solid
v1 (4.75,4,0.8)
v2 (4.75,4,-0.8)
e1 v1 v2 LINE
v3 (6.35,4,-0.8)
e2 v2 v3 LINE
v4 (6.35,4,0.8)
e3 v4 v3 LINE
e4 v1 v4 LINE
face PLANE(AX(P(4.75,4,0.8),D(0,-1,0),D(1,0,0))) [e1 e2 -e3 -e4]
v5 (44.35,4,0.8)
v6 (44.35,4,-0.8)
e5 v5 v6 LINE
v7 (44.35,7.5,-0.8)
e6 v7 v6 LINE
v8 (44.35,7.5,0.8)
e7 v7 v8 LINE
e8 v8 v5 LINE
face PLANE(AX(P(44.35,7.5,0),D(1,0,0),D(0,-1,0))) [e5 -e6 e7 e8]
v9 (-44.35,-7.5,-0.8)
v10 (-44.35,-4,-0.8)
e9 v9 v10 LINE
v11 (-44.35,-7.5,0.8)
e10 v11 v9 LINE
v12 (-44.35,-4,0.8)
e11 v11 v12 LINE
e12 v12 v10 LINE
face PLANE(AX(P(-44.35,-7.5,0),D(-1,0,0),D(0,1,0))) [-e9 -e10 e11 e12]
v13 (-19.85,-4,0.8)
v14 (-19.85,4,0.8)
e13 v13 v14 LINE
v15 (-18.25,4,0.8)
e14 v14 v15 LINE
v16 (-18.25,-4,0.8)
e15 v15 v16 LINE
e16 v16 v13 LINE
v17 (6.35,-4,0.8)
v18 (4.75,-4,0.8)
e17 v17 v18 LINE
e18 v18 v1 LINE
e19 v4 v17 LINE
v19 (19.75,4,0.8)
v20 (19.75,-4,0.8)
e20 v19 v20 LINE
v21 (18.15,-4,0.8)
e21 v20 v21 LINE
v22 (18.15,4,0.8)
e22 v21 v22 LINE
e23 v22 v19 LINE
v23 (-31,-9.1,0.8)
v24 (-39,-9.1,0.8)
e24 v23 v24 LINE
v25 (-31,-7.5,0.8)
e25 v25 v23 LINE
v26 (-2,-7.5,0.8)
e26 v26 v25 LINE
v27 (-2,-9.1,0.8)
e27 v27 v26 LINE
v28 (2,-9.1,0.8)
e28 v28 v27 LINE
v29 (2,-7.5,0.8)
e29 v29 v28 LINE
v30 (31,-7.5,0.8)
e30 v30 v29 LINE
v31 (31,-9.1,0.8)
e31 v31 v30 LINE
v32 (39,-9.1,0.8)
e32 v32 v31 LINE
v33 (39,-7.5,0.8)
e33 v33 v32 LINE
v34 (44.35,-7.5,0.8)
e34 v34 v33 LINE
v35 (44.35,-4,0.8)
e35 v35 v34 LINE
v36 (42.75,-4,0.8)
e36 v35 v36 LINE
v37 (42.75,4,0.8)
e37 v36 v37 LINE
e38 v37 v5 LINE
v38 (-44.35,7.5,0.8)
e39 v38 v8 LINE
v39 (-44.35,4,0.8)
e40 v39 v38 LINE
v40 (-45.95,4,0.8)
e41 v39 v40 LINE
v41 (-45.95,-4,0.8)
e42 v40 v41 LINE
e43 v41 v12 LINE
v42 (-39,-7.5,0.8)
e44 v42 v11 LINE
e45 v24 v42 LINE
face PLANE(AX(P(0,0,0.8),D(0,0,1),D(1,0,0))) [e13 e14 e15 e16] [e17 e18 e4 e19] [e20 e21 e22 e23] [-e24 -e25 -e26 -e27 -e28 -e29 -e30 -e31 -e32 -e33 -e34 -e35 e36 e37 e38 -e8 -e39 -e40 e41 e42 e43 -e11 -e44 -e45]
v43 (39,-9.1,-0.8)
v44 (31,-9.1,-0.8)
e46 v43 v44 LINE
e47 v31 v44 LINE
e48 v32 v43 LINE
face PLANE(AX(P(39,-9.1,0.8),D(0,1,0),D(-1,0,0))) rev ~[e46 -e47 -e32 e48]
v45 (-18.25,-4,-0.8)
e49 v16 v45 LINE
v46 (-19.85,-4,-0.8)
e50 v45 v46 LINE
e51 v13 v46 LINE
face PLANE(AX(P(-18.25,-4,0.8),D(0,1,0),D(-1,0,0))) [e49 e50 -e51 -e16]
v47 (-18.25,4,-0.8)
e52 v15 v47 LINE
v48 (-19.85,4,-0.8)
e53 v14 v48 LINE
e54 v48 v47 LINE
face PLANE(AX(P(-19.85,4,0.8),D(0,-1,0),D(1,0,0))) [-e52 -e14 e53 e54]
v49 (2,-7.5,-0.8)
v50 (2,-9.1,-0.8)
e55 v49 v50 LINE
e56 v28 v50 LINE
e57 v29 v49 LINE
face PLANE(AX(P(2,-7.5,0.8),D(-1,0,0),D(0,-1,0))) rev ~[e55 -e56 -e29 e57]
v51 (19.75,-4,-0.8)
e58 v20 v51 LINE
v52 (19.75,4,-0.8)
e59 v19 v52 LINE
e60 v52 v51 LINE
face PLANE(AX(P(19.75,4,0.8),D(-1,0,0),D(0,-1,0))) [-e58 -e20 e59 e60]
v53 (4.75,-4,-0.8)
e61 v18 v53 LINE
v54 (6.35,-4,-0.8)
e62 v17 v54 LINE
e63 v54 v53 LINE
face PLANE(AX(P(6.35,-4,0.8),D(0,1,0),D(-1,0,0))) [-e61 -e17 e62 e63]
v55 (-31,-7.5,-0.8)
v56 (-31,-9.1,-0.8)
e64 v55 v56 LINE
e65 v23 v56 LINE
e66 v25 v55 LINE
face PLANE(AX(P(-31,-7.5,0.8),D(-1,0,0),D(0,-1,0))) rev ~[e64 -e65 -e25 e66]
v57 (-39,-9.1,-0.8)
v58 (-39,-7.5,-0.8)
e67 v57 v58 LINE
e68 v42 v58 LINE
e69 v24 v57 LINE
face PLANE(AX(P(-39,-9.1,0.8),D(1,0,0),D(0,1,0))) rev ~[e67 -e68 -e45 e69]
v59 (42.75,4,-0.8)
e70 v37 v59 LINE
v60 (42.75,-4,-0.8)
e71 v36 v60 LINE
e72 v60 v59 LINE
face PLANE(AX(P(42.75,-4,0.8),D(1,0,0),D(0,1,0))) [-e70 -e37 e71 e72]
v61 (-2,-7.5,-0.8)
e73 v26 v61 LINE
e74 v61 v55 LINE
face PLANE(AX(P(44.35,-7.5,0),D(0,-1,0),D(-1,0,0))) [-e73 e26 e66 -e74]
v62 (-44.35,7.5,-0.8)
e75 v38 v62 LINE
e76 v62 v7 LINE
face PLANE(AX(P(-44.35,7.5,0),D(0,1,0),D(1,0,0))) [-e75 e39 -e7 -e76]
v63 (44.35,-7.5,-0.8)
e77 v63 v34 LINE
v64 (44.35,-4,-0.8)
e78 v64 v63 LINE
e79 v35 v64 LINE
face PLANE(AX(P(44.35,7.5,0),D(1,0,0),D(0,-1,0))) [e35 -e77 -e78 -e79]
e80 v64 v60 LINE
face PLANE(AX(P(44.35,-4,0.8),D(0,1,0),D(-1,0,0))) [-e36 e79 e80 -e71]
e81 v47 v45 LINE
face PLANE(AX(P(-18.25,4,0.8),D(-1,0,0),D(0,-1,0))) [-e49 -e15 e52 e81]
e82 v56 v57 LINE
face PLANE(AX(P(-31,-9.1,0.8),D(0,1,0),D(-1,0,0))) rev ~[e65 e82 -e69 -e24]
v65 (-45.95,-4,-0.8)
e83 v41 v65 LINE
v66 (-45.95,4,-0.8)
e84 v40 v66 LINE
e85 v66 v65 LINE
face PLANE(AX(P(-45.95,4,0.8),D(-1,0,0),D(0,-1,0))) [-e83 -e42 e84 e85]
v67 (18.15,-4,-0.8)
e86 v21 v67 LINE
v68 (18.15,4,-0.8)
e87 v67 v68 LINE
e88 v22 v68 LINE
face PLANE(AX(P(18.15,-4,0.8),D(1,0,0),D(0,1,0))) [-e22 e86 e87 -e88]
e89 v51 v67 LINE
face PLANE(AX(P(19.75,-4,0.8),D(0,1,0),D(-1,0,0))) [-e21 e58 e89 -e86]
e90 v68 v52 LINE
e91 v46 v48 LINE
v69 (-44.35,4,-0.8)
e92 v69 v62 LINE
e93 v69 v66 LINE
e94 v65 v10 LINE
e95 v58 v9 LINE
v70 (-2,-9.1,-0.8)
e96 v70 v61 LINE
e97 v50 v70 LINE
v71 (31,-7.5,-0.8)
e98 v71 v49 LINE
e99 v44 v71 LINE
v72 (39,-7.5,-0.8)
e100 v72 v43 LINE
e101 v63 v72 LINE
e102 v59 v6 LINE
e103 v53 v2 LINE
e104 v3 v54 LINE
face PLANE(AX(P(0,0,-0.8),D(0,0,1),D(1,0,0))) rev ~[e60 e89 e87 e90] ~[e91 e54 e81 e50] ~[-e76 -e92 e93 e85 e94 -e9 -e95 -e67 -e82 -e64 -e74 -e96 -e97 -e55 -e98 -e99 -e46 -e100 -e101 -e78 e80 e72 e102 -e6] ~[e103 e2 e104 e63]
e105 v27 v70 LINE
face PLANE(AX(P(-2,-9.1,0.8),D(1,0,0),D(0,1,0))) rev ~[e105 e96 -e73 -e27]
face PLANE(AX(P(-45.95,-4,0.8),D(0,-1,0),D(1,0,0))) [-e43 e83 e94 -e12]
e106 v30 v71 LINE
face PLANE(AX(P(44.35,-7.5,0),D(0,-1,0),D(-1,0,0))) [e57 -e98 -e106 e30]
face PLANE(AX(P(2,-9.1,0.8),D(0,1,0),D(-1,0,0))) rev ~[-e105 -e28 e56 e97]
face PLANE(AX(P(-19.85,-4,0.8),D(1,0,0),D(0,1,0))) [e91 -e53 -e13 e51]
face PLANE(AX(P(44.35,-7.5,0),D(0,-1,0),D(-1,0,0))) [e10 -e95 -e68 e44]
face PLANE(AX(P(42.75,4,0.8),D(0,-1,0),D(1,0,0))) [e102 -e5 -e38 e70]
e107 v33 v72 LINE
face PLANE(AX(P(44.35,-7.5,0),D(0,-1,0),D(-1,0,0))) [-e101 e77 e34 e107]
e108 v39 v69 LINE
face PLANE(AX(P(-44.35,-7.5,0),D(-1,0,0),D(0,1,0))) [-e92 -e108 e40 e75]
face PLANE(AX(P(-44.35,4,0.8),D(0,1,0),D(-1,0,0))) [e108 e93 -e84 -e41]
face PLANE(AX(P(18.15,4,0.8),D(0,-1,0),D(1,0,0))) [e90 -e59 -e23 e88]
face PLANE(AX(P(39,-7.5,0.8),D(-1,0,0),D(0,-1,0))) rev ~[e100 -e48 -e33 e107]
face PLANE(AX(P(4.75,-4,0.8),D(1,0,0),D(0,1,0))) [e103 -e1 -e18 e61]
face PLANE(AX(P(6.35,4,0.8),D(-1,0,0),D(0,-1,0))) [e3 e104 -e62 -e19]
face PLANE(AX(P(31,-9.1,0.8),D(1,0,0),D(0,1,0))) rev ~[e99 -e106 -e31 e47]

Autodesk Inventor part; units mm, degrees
ref_plane "YZ Plane" through (0, 0, 0) normal (1, 0, 0) x (0, 1, 0)
ref_plane "XZ Plane" through (0, 0, 0) normal (0, 1, 0) x (-1, 0, 0)
ref_plane "XY Plane" through (0, 0, 0) normal (0, 0, 1) x (1, 0, 0)
sketch "Sketch1" plane through (0, 0, 0) normal (0, 0, 1) x (1, 0, 0)
  line L0 (-62.09, 0) -> (62.09, 0) construction
  line L1 (0, 10.5) -> (0, -10.5) construction
  line L2 (44.35, -7.5) -> (-44.35, -7.5)
  line L3 (-44.35, -7.5) -> (-44.35, 7.5)
  line L4 (-44.35, 7.5) -> (44.35, 7.5)
  line L5 (44.35, 7.5) -> (44.35, -7.5)
  line L6 (44.35, -7.5) -> (-44.35, 7.5) construction
  line L7 (-44.35, -7.5) -> (44.35, 7.5) construction
  point P0 (0, 0)
  dimension "d0" = 88.7
  dimension "d1" = 15
extrude "Extrusion1" add sketch "Sketch1" along normal mid plane 1.6
sketch "Esquisse2" plane through (0, 0, 0.8) normal (0, 0, 1) x (1, 0, 0)
  line L0 (-44.35, -7.5) -> (44.35, -7.5) construction
  line L1 (44.35, -7.5) -> (44.35, 7.5) construction
  line L2 (44.35, 7.5) -> (-44.35, 7.5) construction
  line L3 (-44.35, 7.5) -> (-44.35, -7.5) construction
  line L4 (0, 10.82) -> (0, -12.42) construction
  line L5 (-62.09, 0) -> (62.09, 0) construction
  line L6 (-39, -7.5) -> (-31, -7.5)
  line L7 (-31, -7.5) -> (-31, -9.1)
  line L8 (-31, -9.1) -> (-39, -9.1)
  line L9 (-39, -9.1) -> (-39, -7.5)
  line L10 (31, -7.5) -> (39, -7.5)
  line L11 (39, -7.5) -> (39, -9.1)
  line L12 (39, -9.1) -> (31, -9.1)
  line L13 (31, -9.1) -> (31, -7.5)
  line L14 (-2, -7.5) -> (2, -7.5)
  line L15 (2, -7.5) -> (2, -9.1)
  line L16 (2, -9.1) -> (-2, -9.1)
  line L17 (-2, -9.1) -> (-2, -7.5)
  point P0 (0, 0)
  dimension "d4" = 8
  dimension "d5" = 1.6
  dimension "d8" = 70
  dimension "d13" = 4
  dimension "d14" = 1.6
extrude "Extrusion2" add sketch "Esquisse2" against normal blind 1.6
sketch "Esquisse3" plane through (0, 0, 0.8) normal (0, 0, 1) x (1, 0, 0)
  line L0 (-44.35, -7.5) -> (-39, -7.5) construction
  line L1 (-39, -9.1) -> (-39, -7.5) construction
  line L2 (-31, -9.1) -> (-39, -9.1) construction
  line L3 (-31, -7.5) -> (-31, -9.1) construction
  line L4 (-31, -7.5) -> (-2, -7.5) construction
  line L5 (-2, -9.1) -> (-2, -7.5) construction
  line L6 (2, -9.1) -> (-2, -9.1) construction
  line L7 (2, -7.5) -> (2, -9.1) construction
  line L8 (2, -7.5) -> (31, -7.5) construction
  line L9 (31, -9.1) -> (31, -7.5) construction
  line L10 (39, -9.1) -> (31, -9.1) construction
  line L11 (39, -7.5) -> (39, -9.1) construction
  line L12 (39, -7.5) -> (44.35, -7.5) construction
  line L13 (44.35, -7.5) -> (44.35, 7.5) construction
  line L14 (44.35, 7.5) -> (-44.35, 7.5) construction
  line L15 (-44.35, 7.5) -> (-44.35, -7.5) construction
  line L16 (0, 10.82) -> (0, -12.42) construction
  line L17 (-64.01, 0) -> (62.41, 0) construction
  line L18 (-44.35, 4) -> (-45.95, 4)
  line L19 (-45.95, 4) -> (-45.95, -4)
  line L20 (-45.95, -4) -> (-44.35, -4)
  line L21 (-44.35, -4) -> (-44.35, 4)
  point P0 (0, 0)
  dimension "d17" = 1.6
  dimension "d18" = 8
extrude "Extrusion3" add sketch "Esquisse3" against normal blind 1.6
sketch "Esquisse4" plane through (0, 0, 0.8) normal (0, 0, 1) x (1, 0, 0)
  line L0 (-18.25, -4) -> (-19.85, -4)
  line L1 (-19.85, -4) -> (-19.85, 4)
  line L2 (-19.85, 4) -> (-18.25, 4)
  line L3 (-18.25, 4) -> (-18.25, -4)
  line L4 (6.35, -4) -> (4.75, -4)
  line L5 (4.75, -4) -> (4.75, 4)
  line L6 (4.75, 4) -> (6.35, 4)
  line L7 (6.35, 4) -> (6.35, -4)
  line L8 (19.75, -4) -> (18.15, -4)
  line L9 (18.15, -4) -> (18.15, 4)
  line L10 (18.15, 4) -> (19.75, 4)
  line L11 (19.75, 4) -> (19.75, -4)
  line L12 (44.35, -4) -> (42.75, -4)
  line L13 (42.75, -4) -> (42.75, 4)
  line L14 (42.75, 4) -> (44.35, 4)
  line L15 (44.35, 4) -> (44.35, -4)
  point P0 (0, 0)
extrude "Extrusion4" cut sketch "Esquisse4" against normal blind 1.6
properties part number "FixationBatterieLateral" material "PVC-U"
